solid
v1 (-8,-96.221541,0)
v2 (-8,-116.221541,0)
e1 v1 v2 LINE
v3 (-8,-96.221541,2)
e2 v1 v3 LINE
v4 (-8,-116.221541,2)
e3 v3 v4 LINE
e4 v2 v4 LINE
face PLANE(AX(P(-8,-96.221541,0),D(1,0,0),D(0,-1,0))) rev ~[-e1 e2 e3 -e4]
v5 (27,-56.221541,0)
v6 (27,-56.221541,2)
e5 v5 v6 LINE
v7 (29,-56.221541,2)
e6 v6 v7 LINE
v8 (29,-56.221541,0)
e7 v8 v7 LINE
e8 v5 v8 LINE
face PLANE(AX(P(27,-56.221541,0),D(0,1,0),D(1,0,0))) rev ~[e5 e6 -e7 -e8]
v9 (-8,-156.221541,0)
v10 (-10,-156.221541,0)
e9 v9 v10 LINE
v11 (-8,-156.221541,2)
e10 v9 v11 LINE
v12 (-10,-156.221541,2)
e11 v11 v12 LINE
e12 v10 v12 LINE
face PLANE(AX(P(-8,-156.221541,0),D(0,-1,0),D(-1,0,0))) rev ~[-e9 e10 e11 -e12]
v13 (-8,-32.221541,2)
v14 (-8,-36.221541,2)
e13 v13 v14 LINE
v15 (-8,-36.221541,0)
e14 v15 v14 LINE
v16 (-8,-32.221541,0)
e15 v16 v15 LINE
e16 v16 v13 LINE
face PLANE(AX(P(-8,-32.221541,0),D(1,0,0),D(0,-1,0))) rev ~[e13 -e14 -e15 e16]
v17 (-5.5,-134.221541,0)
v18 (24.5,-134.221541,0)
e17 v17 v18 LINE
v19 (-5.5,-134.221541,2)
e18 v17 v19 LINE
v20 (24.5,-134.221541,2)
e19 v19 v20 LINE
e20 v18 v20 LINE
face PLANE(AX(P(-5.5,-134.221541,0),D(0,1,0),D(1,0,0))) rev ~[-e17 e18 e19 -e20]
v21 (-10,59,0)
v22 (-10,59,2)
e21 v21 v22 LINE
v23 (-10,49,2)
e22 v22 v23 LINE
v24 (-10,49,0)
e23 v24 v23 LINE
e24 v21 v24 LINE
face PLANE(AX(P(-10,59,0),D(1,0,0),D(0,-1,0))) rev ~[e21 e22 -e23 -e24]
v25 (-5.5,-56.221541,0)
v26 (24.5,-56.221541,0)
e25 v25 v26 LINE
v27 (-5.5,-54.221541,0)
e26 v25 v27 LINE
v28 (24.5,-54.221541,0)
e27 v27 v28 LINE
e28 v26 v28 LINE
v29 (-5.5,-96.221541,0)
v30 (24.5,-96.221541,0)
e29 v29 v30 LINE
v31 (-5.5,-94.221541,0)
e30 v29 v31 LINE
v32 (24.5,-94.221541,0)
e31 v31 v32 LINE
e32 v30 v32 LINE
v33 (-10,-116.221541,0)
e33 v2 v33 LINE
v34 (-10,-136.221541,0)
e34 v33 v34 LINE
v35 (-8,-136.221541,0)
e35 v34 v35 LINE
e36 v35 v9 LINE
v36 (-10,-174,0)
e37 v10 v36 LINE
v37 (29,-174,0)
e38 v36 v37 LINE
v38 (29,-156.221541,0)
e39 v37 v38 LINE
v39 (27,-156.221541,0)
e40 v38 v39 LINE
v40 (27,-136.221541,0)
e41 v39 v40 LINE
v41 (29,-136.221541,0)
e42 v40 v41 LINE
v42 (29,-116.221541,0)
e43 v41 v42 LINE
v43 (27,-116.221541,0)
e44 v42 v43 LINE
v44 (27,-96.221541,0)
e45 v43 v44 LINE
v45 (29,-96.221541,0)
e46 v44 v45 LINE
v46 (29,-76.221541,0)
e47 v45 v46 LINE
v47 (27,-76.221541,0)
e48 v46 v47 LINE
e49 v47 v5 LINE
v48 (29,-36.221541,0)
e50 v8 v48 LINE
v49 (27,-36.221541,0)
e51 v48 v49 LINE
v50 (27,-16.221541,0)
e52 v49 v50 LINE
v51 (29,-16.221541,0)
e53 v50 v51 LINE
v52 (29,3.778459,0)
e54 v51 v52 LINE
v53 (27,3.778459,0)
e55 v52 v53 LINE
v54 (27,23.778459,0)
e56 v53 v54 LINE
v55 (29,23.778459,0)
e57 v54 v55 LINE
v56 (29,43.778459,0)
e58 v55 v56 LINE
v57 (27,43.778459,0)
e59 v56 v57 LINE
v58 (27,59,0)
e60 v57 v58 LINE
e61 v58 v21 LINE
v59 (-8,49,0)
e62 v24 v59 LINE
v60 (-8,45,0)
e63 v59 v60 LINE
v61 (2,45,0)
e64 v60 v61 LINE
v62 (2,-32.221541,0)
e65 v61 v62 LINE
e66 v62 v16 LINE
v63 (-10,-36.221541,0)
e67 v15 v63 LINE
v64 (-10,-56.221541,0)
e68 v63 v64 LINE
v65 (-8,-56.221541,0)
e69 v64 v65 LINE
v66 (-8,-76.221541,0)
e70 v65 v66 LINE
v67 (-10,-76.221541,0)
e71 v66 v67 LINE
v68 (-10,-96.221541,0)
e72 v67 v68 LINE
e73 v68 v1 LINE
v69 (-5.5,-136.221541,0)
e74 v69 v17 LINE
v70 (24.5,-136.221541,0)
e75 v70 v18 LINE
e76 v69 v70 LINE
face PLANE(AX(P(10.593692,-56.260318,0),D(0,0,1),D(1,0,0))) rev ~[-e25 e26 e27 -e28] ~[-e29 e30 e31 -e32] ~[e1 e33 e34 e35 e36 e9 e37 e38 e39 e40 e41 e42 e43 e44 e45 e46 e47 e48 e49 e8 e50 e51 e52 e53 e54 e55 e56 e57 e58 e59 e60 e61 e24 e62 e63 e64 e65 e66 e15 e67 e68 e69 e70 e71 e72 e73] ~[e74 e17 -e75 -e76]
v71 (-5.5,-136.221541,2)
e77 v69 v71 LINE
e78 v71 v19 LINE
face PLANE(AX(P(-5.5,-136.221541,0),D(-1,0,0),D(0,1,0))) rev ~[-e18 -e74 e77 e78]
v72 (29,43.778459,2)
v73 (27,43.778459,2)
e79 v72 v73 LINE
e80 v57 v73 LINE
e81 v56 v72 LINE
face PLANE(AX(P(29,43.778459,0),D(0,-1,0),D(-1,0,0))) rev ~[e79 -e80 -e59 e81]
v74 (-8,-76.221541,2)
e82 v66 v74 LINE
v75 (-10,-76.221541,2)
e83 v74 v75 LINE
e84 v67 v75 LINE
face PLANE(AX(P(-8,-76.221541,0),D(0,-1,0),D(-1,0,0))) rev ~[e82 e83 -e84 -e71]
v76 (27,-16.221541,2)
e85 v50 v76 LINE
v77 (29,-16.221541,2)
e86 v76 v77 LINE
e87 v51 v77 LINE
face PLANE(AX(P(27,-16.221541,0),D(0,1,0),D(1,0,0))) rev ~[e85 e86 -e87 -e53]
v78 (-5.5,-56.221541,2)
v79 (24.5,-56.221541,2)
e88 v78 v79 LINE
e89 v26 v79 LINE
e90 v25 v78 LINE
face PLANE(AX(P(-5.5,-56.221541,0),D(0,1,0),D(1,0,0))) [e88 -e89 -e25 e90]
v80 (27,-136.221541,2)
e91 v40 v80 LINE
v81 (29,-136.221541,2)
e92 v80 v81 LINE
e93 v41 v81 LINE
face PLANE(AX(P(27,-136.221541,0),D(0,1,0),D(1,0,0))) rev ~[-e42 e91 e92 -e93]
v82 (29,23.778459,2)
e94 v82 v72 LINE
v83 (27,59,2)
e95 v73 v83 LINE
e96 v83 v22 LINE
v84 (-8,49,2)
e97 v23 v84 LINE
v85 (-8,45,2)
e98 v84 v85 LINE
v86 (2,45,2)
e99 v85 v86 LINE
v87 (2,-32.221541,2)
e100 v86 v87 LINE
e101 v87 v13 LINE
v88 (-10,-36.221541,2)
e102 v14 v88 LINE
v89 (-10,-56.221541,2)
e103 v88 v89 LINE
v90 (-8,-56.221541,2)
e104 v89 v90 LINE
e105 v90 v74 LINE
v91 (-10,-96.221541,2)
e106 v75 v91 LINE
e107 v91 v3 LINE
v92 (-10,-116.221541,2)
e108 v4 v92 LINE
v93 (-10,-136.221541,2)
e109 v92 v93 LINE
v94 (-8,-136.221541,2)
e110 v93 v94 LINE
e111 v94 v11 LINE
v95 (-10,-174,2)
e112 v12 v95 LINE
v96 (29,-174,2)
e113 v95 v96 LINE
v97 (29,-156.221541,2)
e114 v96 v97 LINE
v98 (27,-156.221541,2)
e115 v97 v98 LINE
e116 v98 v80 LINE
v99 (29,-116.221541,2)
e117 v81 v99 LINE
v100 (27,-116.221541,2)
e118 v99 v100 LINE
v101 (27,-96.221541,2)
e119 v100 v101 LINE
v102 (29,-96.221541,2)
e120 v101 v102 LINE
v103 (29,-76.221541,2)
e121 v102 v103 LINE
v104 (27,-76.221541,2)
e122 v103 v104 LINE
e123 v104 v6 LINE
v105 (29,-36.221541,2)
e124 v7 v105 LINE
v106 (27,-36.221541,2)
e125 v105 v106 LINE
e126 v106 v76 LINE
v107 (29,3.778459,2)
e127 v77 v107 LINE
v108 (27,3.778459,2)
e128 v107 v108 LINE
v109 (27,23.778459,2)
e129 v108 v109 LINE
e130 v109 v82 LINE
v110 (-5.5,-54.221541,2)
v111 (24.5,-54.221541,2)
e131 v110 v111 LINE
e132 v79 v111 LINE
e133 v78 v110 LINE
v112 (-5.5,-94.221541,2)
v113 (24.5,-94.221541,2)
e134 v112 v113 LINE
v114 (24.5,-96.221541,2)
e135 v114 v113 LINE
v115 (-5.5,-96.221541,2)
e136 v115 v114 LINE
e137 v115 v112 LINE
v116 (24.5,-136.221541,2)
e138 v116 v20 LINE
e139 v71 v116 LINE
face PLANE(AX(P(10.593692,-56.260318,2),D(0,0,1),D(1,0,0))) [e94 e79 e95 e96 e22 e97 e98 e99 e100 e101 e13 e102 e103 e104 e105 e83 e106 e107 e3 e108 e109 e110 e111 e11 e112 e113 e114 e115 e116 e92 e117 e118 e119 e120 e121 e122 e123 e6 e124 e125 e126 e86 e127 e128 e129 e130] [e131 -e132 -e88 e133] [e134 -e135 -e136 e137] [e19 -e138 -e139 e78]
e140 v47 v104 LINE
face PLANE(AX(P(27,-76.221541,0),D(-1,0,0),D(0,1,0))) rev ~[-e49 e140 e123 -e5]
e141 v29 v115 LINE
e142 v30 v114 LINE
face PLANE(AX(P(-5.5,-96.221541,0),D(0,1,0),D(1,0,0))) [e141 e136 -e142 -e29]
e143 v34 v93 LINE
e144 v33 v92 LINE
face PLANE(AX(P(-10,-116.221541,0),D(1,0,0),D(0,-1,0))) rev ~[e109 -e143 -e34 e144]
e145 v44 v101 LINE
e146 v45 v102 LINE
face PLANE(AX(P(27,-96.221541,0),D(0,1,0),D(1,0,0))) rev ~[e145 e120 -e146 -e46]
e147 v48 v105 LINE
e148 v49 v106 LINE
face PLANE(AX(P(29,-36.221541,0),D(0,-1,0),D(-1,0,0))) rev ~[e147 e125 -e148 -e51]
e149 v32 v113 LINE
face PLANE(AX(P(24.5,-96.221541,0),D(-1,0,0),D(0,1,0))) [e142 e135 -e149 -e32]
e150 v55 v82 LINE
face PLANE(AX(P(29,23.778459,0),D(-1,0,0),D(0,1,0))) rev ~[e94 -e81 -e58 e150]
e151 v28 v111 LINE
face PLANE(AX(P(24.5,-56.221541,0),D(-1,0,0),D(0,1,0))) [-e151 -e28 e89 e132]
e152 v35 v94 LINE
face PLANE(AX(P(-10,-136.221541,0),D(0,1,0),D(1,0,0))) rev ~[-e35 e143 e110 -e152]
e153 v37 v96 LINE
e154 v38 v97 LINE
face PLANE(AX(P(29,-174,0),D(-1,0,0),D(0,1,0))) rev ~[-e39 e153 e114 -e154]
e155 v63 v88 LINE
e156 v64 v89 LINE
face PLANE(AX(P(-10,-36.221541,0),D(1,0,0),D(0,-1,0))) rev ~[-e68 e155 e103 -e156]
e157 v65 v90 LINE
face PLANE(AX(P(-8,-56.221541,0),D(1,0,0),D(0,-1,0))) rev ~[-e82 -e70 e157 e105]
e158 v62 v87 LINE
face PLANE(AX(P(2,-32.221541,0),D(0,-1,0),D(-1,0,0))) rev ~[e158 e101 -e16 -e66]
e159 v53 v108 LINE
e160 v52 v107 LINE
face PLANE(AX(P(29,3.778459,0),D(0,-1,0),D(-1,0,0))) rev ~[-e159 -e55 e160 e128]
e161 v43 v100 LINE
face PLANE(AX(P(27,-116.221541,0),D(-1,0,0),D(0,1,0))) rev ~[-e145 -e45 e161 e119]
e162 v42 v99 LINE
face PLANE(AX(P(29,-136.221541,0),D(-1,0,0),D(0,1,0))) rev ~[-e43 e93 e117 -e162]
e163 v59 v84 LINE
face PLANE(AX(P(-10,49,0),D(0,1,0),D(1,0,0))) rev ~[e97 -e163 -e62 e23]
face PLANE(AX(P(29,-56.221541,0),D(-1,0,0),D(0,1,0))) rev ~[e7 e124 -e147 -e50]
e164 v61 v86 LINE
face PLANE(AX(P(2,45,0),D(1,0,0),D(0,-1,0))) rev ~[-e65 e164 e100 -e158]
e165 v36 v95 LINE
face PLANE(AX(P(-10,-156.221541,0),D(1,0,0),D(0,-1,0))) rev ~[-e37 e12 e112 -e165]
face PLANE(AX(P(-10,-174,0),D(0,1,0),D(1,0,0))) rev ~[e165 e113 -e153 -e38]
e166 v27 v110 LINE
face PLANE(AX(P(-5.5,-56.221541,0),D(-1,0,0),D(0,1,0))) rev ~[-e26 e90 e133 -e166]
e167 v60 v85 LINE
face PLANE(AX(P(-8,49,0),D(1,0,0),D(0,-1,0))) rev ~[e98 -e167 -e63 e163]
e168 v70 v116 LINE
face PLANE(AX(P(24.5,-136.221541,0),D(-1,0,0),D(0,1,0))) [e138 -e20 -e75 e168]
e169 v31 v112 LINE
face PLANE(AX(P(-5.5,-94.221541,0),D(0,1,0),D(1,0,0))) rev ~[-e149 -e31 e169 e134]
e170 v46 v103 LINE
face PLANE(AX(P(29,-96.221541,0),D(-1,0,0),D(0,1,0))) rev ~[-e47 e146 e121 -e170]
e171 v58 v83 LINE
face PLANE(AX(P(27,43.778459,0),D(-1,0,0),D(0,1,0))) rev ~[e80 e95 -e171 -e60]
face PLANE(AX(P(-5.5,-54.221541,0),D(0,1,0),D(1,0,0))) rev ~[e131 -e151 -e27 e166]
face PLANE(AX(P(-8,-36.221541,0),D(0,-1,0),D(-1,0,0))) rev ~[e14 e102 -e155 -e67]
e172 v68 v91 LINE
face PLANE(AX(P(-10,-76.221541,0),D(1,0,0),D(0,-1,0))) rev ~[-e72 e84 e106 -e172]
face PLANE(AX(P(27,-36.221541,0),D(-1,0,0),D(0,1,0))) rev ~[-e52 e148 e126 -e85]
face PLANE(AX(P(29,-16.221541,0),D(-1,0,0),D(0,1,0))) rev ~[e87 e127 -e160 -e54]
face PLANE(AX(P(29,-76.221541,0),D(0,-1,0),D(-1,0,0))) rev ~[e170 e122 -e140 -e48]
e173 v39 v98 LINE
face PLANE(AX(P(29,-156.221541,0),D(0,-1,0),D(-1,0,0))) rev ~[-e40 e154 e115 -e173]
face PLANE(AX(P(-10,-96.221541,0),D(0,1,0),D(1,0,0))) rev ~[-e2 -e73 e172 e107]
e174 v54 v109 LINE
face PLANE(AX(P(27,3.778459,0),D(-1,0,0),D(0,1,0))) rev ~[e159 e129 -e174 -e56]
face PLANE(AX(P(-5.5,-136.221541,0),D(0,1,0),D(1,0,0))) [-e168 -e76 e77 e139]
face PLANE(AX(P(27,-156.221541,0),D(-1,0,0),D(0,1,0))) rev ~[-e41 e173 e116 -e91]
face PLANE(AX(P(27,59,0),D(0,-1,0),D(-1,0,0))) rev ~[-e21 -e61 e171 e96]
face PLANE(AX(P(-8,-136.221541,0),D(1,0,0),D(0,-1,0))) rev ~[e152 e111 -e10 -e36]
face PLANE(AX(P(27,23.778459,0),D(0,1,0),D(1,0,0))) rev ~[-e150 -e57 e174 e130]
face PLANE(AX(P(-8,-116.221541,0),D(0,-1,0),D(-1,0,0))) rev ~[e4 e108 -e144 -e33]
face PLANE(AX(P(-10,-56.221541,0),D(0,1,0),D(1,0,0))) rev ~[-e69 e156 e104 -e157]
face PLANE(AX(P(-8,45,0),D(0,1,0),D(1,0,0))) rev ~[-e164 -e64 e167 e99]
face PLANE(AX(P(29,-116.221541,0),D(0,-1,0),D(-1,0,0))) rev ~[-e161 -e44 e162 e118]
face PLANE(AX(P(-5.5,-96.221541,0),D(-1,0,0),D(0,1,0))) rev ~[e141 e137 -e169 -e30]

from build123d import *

# Parameters (mm, degrees)
SKETCH_1_W      = 30
SKETCH_1_H      = 2
EXTRUDE_2_DEPTH = 2


with BuildPart() as part:
    # 草图1 → 凸台-拉伸2 (new body)
    with BuildSketch(Plane.XY):
        Polygon((-8, -36.22154055), (-10, -36.22154055), (-10, -56.22154055), (-8, -56.22154055), (-8, -76.22154055), (-10, -76.22154055), (-10, -96.22154055), (-8, -96.22154055), (-8, -116.22154055), (-10, -116.22154055), (-10, -136.22154055), (-8, -136.22154055), (-8, -156.22154055), (-10, -156.22154055), (-10, -174), (-8, -174), (27, -174), (29, -174), (29, -156.22154055), (27, -156.22154055), (27, -136.22154055), (29, -136.22154055), (29, -116.22154055), (27, -116.22154055), (27, -96.22154055), (29, -96.22154055), (29, -76.22154055), (27, -76.22154055), (27, -56.22154055), (29, -56.22154055), (29, -36.22154055), (27, -36.22154055), (27, -16.22154055), (29, -16.22154055), (29, 3.77845945), (27, 3.77845945), (27, 23.77845945), (29, 23.77845945), (29, 43.77845945), (27, 43.77845945), (27, 49), (27, 59), (-10, 59), (-10, 49), (-8, 49), (-8, 45), (2, 45), (2, 43.34252786), (2, 15.14100393), (2, -15.14100393), (2, -31.22154055), (2, -32.22154055), (-8, -32.22154055), align=None)
        with Locations((9.5, -95.22154055)):
            Rectangle(SKETCH_1_W, SKETCH_1_H, mode=Mode.SUBTRACT)
        with Locations((9.5, -135.22154055)):
            Rectangle(SKETCH_1_W, SKETCH_1_H, mode=Mode.SUBTRACT)
        with Locations((9.5, -55.22154055)):
            Rectangle(SKETCH_1_W, SKETCH_1_H, mode=Mode.SUBTRACT)
    extrude(amount=EXTRUDE_2_DEPTH)


solid = part.part
